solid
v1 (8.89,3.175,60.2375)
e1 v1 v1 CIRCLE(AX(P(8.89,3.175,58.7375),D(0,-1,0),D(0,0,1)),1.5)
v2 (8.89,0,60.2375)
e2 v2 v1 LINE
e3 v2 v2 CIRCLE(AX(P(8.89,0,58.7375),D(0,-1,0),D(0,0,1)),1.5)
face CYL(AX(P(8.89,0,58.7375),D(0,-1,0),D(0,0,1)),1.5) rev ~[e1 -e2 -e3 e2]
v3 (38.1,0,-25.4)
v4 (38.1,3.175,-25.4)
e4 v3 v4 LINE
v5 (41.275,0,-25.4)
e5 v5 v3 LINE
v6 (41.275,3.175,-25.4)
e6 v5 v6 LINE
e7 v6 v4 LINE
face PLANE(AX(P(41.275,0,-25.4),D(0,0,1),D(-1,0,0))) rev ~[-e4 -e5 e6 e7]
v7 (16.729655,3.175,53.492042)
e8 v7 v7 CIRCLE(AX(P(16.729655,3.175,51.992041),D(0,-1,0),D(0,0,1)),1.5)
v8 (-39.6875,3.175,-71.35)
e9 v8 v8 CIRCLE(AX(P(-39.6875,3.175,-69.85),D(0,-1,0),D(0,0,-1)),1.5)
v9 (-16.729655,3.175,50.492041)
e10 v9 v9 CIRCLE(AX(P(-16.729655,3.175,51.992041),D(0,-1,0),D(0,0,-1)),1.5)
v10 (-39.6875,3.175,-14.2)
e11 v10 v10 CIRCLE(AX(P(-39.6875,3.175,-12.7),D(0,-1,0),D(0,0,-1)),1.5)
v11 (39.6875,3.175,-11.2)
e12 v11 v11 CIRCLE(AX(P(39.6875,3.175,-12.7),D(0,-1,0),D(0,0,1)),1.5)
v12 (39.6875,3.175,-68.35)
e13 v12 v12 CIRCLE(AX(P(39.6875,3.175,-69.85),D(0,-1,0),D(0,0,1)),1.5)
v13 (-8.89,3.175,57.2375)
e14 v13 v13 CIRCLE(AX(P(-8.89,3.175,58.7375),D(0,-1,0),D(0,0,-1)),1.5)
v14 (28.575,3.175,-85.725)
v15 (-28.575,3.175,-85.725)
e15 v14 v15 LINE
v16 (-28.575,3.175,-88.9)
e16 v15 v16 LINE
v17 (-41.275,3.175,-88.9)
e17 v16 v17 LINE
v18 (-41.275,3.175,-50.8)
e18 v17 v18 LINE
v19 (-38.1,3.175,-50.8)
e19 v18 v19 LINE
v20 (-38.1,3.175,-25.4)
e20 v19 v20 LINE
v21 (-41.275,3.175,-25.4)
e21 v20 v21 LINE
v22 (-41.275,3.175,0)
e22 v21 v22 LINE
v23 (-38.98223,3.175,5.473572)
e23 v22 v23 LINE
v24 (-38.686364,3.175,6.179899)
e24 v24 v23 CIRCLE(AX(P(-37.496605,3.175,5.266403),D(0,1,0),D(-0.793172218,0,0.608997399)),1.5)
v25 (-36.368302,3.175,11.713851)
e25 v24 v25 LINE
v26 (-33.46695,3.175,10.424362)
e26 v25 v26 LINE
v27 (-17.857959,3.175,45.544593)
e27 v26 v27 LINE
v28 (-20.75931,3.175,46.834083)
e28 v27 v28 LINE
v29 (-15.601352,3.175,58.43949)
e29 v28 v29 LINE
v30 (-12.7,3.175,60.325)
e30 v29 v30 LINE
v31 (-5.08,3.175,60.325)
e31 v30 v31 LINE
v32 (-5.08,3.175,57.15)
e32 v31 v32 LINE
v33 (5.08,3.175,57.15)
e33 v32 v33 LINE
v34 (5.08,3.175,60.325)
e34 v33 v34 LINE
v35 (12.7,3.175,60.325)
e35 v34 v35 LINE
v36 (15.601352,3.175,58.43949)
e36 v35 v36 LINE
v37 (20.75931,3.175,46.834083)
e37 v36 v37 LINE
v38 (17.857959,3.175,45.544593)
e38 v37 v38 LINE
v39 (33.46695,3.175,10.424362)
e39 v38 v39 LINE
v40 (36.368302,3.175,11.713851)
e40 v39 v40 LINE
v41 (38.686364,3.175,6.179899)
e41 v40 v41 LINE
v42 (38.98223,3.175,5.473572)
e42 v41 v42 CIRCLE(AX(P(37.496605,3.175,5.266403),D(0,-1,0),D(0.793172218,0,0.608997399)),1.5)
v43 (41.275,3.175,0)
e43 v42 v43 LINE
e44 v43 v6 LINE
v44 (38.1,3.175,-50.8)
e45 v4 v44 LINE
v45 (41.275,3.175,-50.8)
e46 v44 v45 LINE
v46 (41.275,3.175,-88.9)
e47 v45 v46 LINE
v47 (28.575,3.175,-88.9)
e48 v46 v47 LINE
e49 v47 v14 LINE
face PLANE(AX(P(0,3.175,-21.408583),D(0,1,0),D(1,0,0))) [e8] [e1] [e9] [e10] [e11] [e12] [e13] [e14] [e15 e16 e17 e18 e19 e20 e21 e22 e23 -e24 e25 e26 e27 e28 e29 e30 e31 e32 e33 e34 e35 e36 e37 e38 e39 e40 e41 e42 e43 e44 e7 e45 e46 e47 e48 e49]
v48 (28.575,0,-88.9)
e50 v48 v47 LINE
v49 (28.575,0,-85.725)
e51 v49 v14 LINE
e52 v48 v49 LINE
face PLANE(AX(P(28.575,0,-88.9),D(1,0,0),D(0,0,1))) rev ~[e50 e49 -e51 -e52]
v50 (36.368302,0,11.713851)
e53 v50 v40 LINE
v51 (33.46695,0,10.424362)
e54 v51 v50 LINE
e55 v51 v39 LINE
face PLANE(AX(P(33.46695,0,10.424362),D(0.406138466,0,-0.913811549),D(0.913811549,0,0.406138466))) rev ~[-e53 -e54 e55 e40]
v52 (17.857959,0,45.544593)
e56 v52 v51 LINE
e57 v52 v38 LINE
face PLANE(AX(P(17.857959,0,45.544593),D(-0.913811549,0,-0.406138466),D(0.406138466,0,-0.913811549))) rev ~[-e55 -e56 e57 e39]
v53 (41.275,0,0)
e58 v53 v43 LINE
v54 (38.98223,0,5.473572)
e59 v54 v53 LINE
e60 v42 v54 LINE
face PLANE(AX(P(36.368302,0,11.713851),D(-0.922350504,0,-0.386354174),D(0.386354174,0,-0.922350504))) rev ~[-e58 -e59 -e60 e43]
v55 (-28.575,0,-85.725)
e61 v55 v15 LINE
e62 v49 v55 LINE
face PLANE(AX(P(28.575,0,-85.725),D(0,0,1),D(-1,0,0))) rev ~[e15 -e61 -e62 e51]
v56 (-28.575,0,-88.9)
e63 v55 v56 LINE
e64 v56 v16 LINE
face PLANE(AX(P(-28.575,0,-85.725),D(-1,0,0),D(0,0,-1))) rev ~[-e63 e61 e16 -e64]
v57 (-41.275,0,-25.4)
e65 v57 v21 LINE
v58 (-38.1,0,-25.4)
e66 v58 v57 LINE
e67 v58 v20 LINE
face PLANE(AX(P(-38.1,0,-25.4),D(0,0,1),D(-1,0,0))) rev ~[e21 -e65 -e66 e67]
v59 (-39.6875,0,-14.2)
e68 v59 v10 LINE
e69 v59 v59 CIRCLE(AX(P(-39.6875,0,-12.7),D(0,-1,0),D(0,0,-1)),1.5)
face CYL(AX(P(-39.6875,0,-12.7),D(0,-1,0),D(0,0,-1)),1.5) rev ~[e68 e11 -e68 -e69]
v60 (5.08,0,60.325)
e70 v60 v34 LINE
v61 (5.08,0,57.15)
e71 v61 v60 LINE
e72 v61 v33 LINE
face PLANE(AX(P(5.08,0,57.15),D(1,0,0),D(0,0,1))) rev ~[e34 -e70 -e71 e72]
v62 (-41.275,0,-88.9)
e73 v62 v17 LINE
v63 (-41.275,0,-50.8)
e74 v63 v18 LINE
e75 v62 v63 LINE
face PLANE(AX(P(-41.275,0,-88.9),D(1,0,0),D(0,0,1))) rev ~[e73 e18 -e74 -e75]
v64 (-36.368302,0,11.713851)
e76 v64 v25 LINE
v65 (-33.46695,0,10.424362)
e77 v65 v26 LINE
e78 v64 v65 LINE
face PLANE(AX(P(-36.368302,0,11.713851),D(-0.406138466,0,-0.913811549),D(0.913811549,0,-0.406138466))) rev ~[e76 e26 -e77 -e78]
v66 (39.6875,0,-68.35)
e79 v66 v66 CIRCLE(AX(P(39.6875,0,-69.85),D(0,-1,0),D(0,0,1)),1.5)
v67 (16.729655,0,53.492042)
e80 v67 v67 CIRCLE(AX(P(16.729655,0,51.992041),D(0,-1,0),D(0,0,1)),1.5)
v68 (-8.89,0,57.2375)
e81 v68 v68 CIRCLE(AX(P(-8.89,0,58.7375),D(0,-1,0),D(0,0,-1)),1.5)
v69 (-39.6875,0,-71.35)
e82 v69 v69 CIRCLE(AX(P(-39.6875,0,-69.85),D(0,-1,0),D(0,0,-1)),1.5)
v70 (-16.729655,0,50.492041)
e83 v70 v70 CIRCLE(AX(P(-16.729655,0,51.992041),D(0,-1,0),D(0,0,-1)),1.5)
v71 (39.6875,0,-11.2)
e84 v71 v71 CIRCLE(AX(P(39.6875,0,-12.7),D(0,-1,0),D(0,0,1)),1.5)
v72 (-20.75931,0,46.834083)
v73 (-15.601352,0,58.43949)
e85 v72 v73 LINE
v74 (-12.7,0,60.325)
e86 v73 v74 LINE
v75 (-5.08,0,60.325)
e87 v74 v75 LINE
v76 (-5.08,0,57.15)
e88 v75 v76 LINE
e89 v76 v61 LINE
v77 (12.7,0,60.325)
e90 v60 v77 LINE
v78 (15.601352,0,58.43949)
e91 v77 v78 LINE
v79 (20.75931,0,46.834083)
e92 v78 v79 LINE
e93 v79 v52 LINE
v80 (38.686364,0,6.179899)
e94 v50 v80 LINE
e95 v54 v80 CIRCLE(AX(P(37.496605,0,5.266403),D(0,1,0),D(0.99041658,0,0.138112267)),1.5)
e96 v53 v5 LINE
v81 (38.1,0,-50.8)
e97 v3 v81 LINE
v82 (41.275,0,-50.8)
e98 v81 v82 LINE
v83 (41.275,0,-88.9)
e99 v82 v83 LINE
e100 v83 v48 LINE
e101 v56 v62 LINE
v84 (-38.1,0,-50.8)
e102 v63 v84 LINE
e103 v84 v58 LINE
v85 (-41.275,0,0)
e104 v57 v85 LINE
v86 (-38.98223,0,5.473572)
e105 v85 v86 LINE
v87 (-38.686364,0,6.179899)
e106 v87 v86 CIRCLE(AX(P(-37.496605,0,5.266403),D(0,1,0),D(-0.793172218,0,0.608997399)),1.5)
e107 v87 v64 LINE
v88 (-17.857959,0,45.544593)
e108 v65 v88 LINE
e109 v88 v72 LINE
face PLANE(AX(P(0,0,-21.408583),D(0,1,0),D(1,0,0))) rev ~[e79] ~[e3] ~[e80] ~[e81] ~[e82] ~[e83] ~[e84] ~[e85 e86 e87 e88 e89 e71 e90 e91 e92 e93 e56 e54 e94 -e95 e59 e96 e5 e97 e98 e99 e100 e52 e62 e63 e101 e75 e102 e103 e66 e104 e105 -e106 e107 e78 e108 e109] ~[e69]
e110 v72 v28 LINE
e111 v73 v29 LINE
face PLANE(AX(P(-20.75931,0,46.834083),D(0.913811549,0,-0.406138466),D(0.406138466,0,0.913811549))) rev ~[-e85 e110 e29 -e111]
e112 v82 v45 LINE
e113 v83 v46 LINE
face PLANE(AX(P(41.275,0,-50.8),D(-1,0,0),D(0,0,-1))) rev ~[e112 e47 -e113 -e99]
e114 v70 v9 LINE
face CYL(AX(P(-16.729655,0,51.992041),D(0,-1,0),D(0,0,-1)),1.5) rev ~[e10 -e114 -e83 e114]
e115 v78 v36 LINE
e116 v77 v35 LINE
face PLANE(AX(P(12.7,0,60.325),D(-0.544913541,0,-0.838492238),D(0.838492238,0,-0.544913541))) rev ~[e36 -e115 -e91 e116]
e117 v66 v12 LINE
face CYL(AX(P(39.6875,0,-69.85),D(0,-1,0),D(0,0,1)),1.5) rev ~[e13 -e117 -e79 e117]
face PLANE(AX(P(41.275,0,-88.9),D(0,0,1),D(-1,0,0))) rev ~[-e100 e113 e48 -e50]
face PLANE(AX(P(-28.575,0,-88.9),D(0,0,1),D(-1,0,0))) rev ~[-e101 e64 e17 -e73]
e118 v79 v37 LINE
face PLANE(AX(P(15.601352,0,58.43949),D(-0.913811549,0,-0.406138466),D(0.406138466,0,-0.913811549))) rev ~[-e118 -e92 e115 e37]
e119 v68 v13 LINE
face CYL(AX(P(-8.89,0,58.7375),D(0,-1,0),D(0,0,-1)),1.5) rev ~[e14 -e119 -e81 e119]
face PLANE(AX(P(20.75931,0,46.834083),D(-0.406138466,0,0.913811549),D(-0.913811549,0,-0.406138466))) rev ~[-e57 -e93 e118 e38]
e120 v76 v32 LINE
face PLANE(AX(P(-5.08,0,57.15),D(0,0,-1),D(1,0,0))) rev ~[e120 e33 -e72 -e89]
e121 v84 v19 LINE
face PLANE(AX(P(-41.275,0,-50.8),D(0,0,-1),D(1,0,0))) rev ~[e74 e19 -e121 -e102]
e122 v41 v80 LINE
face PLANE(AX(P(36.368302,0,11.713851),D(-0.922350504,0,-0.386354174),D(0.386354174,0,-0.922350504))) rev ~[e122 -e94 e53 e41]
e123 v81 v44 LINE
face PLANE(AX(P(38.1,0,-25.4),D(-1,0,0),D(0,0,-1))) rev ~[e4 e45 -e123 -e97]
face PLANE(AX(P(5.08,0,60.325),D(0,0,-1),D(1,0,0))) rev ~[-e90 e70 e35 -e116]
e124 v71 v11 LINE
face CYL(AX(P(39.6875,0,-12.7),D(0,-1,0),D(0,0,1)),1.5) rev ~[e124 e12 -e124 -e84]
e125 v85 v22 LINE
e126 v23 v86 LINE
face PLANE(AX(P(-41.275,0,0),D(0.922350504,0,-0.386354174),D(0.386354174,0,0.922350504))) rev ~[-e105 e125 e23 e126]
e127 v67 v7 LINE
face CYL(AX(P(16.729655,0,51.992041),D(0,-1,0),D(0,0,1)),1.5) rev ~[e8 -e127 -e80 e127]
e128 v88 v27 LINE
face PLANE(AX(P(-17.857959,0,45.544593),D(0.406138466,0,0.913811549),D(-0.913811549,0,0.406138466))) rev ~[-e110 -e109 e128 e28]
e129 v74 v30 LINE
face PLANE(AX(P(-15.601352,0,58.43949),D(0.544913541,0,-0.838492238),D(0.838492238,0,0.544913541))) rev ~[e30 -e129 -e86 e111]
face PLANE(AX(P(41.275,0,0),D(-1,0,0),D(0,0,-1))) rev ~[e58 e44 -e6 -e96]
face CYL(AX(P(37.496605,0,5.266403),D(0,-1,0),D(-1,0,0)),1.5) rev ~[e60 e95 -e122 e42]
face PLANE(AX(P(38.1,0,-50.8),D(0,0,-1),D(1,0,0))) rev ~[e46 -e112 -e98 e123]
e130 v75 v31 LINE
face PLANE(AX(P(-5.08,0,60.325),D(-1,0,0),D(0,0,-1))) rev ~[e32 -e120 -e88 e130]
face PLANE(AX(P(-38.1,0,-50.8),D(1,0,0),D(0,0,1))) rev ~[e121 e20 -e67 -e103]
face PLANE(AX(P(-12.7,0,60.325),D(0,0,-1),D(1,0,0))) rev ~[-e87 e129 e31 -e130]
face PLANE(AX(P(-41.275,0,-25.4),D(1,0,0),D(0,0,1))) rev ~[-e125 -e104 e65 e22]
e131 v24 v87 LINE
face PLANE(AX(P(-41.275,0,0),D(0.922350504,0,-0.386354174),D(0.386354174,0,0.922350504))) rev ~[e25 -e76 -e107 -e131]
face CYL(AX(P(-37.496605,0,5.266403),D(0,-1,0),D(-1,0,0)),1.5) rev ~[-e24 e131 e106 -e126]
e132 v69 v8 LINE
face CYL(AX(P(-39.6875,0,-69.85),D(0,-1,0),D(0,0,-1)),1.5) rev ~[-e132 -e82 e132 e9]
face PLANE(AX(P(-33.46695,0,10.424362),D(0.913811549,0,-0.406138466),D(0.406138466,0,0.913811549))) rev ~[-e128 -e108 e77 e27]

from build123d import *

# Parameters (mm, degrees)
BOSS_EXTRUDE1_DEPTH = 3.175
SKETCH2_R           = 1.5
SKETCH2_R_2         = 1.500000048
CUT_EXTRUDE1_DEPTH  = 99.065877093


with BuildPart() as part:
    # Sketch1 → Boss-Extrude1 (new body)
    with BuildSketch(Plane(origin=(0, 0, 0), x_dir=(1, 0, 0), z_dir=(0, 1, 0))):
        Polygon((-41.275, 0), (-36.368301991, -11.713851401), (-33.466950324, -10.424361771), (-17.857958519, -45.544593333), (-20.759310186, -46.834082962), (-15.601351667, -58.43948963), (-12.7, -60.325), (-5.08, -60.325), (-5.08, -57.15), (5.08, -57.15), (5.08, -60.325), (12.7, -60.325), (15.601351667, -58.43948963), (20.759310186, -46.834082962), (17.857958519, -45.544593333), (33.466950324, -10.424361771), (36.368301991, -11.713851401), (41.275, 0), (41.275, 25.4), (38.1, 25.4), (38.1, 50.8), (41.275, 50.8), (41.275, 88.9), (28.575, 88.9), (28.575, 85.725), (3.175, 85.725), (-3.175, 85.725), (-28.575, 85.725), (-28.575, 88.9), (-41.275, 88.9), (-41.275, 50.8), (-38.1, 50.8), (-38.1, 25.4), (-41.275, 25.4), align=None)
    extrude(amount=BOSS_EXTRUDE1_DEPTH)

    # Sketch2 → Cut-Extrude1 (cut, through all)
    with BuildSketch(Plane(origin=(0, 0, 0), x_dir=(-1, 0, 0), z_dir=(0, -1, 0))):
        with Locations(Location((39.6875, 69.85, 0), (0, 0, 90))):
            Circle(SKETCH2_R)
        with Locations(Location((-8.89, -58.7375, 0), (0, 0, 270))):
            Circle(SKETCH2_R_2)
        with Locations(Location((39.6875, 12.7, 0), (0, 0, 90))):
            Circle(SKETCH2_R_2)
        with Locations((37.496605417, -5.266403252)):
            Circle(SKETCH2_R_2)
        with Locations(Location((16.729655093, -51.992041481, 0), (0, 0, 90))):
            Circle(SKETCH2_R_2)
        with Locations(Location((8.89, -58.7375, 0), (0, 0, 90))):
            Circle(SKETCH2_R_2)
        with Locations(Location((-16.729655093, -51.992041481, 0), (0, 0, 270))):
            Circle(SKETCH2_R_2)
        with Locations((-37.496605417, -5.266403252)):
            Circle(SKETCH2_R_2)
        with Locations(Location((-39.6875, 12.7, 0), (0, 0, 270))):
            Circle(SKETCH2_R_2)
        with Locations(Location((-39.6875, 69.85, 0), (0, 0, 270))):
            Circle(SKETCH2_R)
    extrude(amount=-CUT_EXTRUDE1_DEPTH, mode=Mode.SUBTRACT)


solid = part.part
